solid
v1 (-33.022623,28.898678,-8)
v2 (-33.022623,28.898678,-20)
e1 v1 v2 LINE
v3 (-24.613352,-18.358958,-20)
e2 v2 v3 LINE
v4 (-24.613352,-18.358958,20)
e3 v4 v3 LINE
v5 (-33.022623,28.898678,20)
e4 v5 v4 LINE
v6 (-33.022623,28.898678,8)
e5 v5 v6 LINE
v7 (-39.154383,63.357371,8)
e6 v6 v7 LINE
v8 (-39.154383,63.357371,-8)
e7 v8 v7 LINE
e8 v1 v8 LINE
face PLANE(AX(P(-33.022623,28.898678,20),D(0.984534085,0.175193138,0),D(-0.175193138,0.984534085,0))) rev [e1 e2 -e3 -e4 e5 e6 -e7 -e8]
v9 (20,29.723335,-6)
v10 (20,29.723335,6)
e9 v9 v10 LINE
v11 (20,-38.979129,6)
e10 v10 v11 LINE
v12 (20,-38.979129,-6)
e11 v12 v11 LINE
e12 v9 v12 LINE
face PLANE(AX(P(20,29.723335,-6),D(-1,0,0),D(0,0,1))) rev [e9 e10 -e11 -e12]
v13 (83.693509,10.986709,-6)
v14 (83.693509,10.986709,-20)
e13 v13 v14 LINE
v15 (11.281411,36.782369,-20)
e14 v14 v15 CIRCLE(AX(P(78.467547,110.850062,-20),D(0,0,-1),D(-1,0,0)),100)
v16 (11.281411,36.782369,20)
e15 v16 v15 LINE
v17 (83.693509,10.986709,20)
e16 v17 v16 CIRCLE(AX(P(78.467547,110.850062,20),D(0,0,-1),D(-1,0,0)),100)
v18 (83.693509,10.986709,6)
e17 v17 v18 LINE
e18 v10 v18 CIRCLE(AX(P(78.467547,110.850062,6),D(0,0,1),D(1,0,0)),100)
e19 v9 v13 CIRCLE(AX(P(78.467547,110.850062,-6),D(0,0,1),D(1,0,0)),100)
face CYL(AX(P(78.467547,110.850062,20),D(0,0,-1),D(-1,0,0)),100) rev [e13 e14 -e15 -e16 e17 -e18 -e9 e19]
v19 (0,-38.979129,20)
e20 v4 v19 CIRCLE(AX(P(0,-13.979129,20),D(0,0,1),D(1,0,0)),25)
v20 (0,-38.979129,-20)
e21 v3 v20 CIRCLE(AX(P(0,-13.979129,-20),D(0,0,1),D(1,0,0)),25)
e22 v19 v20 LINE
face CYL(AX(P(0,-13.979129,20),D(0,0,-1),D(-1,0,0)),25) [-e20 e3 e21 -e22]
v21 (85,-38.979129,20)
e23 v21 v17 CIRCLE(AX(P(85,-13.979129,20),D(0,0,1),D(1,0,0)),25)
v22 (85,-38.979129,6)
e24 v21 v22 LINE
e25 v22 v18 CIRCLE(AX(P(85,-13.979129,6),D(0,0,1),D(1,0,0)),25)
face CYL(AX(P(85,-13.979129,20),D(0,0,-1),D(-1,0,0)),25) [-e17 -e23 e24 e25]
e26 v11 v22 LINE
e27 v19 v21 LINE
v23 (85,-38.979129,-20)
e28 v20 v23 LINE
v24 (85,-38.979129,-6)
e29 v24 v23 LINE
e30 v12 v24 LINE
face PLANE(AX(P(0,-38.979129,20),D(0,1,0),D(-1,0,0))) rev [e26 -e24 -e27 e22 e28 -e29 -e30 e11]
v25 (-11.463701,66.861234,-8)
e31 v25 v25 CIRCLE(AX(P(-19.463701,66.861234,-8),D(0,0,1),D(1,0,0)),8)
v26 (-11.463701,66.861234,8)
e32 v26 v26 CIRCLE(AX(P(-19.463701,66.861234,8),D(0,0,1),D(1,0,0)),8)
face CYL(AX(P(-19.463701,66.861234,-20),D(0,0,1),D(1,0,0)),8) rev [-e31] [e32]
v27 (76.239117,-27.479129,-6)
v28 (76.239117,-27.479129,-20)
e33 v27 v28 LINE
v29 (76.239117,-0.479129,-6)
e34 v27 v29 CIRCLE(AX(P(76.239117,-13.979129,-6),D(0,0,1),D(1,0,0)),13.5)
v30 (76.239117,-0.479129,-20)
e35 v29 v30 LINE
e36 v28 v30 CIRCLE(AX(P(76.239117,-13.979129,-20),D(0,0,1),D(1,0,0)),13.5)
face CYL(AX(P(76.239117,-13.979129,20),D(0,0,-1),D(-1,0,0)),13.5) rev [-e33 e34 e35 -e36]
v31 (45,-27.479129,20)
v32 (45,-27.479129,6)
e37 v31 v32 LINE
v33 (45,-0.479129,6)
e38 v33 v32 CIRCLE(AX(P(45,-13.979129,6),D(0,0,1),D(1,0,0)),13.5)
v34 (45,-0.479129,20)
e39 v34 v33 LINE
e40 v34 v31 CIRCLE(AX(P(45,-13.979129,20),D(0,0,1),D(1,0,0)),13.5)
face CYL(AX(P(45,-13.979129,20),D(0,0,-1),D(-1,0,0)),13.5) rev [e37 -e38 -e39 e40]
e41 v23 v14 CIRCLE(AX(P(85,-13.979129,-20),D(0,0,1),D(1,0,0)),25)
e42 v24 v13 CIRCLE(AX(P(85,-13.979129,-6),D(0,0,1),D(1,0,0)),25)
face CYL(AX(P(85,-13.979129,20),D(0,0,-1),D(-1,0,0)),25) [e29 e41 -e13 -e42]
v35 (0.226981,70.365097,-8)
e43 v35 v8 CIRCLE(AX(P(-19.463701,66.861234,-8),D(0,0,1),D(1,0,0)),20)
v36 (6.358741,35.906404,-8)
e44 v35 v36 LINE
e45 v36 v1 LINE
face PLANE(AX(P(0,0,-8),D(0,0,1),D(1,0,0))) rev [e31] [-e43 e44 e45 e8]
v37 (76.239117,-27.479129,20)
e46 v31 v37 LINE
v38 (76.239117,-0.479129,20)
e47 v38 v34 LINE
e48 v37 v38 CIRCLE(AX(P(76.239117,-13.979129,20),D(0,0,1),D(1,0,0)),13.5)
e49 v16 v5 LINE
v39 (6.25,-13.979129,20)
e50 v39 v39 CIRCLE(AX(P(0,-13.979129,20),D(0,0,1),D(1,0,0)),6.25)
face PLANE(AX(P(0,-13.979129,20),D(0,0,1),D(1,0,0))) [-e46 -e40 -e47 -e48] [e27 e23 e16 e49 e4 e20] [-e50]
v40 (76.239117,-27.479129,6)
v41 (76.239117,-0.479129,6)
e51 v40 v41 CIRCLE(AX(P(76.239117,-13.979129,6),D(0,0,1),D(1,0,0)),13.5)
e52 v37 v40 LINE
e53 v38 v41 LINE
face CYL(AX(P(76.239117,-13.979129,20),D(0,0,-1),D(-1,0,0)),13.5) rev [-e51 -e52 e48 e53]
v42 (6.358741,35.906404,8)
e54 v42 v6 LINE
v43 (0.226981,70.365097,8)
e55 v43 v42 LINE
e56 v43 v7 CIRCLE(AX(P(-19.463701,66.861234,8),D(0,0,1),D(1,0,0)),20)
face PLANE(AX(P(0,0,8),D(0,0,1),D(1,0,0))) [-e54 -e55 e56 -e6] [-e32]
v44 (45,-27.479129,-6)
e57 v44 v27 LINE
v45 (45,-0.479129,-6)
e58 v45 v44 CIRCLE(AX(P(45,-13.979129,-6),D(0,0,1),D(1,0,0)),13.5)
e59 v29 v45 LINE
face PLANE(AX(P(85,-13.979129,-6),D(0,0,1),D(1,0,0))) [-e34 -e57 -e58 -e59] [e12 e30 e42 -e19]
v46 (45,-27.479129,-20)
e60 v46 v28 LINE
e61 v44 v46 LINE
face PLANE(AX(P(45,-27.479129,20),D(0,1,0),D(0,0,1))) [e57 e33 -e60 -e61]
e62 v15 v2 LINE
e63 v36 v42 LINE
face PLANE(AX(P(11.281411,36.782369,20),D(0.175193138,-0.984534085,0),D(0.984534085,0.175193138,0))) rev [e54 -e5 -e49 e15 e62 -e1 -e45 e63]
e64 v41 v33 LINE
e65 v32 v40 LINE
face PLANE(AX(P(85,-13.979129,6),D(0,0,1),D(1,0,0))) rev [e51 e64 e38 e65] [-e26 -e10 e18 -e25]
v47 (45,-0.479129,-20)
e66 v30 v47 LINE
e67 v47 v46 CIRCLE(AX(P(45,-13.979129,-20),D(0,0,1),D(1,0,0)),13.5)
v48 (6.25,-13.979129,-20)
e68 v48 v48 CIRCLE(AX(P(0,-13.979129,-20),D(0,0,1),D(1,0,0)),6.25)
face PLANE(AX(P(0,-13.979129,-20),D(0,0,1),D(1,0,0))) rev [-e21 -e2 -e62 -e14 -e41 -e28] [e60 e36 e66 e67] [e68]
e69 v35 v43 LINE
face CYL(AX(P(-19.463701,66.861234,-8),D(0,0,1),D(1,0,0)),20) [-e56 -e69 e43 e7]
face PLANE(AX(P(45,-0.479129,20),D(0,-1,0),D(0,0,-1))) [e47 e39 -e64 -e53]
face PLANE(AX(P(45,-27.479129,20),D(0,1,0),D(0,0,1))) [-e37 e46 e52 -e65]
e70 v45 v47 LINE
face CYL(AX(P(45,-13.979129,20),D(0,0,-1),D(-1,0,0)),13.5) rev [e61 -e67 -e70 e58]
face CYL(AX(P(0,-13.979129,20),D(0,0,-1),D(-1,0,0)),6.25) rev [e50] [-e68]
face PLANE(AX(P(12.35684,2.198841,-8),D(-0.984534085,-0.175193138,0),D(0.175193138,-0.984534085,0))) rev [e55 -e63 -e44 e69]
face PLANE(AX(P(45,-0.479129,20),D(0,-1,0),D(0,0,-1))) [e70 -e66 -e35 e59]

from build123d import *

# Parameters (mm, degrees)
SKETCH1_R                = 6.25
BOSS_EXTRUDE1_DEPTH      = 20
CUT_EXTRUDE2_DEPTH       = 6
BOSS_EXTRUDE2_DEPTH      = 8
BOSS_EXTRUDE2_DEPTH_BACK = 8
SKETCH8_R                = 8
CUT_EXTRUDE3_DEPTH       = 143.929611875


with BuildPart() as part:
    # Sketch1 → Boss-Extrude1 (new, symmetric)
    with BuildSketch(Plane.XY):
        with BuildLine():
            Line((0, -38.979129488), (85, -38.979129488))
            ThreePointArc((85, -38.979129488), (109.991458118, -13.325660942), (83.693509457, 10.986708821))
            ThreePointArc((83.693509457, 10.986708821), (44.909838533, 16.648787206), (11.281411091, 36.782369345))
            Line((11.281411091, 36.782369345), (-33.022622734, 28.898678149))
            Line((-33.022622734, 28.898678149), (-24.613352125, -18.35895793))
            ThreePointArc((-24.613352125, -18.35895793), (-16.054661145, -33.142841433), (0, -38.979129488))
        make_face()
        with Locations((0, -13.979129488)):
            Circle(SKETCH1_R, mode=Mode.SUBTRACT)
        with BuildLine():
            Line((45, -0.479129488), (76.239117398, -0.479129488))
            ThreePointArc((76.239117398, -0.479129488), (89.739117398, -13.979129488), (76.239117398, -27.479129488))
            Line((76.239117398, -27.479129488), (45, -27.479129488))
            ThreePointArc((45, -27.479129488), (31.5, -13.979129488), (45, -0.479129488))
        make_face(mode=Mode.SUBTRACT)
    extrude(amount=BOSS_EXTRUDE1_DEPTH, both=True)

    # Sketch5 → Cut-Extrude2 (cut, symmetric)
    with BuildSketch(Plane.XY):
        with BuildLine():
            Line((20, 29.723334557), (20, -38.979129488))
            Line((20, -38.979129488), (85, -38.979129488))
            ThreePointArc((85, -38.979129488), (109.991458118, -13.325660942), (83.693509457, 10.986708821))
            ThreePointArc((83.693509457, 10.986708821), (50.246422532, 14.914833293), (20, 29.723334557))
        make_face()
    extrude(amount=CUT_EXTRUDE2_DEPTH, both=True, mode=Mode.SUBTRACT)

    # Sketch7 → Boss-Extrude2 (add, two sides: drawn at the far end of the back side and taken through both)
    with BuildSketch(Plane.XY.offset(-BOSS_EXTRUDE2_DEPTH_BACK)):
        with BuildLine():
            Line((-33.022622734, 28.898678149), (6.358740666, 35.906403657))
            Line((6.358740666, 35.906403657), (0.226980847, 70.365096632))
            ThreePointArc((0.226980847, 70.365096632), (0.458819494, 68.619978601), (0.536299147, 66.861233878))
            ThreePointArc((0.536299147, 66.861233878), (-17.70495613, 46.93871353), (-39.154382553, 63.357371124))
            Line((-39.154382553, 63.357371124), (-33.022622734, 28.898678149))
        make_face()
        with BuildLine():
            ThreePointArc((0.536299147, 66.861233878), (0.458819494, 68.619978601), (0.226980847, 70.365096632))
            Line((0.226980847, 70.365096632), (-39.154382553, 63.357371124))
            ThreePointArc((-39.154382553, 63.357371124), (-17.70495613, 46.93871353), (0.536299147, 66.861233878))
        make_face()
        with BuildLine():
            Line((-39.154382553, 63.357371124), (0.226980847, 70.365096632))
            ThreePointArc((0.226980847, 70.365096632), (-22.967563607, 86.551915578), (-39.154382553, 63.357371124))
        make_face()
    extrude(amount=BOSS_EXTRUDE2_DEPTH + BOSS_EXTRUDE2_DEPTH_BACK)

    # Sketch8 → Cut-Extrude3 (cut, through all)
    with BuildSketch(Plane.XY.offset(8)):
        with Locations((-19.463700853, 66.861233878)):
            Circle(SKETCH8_R)
    extrude(amount=-CUT_EXTRUDE3_DEPTH, mode=Mode.SUBTRACT)


solid = part.part
